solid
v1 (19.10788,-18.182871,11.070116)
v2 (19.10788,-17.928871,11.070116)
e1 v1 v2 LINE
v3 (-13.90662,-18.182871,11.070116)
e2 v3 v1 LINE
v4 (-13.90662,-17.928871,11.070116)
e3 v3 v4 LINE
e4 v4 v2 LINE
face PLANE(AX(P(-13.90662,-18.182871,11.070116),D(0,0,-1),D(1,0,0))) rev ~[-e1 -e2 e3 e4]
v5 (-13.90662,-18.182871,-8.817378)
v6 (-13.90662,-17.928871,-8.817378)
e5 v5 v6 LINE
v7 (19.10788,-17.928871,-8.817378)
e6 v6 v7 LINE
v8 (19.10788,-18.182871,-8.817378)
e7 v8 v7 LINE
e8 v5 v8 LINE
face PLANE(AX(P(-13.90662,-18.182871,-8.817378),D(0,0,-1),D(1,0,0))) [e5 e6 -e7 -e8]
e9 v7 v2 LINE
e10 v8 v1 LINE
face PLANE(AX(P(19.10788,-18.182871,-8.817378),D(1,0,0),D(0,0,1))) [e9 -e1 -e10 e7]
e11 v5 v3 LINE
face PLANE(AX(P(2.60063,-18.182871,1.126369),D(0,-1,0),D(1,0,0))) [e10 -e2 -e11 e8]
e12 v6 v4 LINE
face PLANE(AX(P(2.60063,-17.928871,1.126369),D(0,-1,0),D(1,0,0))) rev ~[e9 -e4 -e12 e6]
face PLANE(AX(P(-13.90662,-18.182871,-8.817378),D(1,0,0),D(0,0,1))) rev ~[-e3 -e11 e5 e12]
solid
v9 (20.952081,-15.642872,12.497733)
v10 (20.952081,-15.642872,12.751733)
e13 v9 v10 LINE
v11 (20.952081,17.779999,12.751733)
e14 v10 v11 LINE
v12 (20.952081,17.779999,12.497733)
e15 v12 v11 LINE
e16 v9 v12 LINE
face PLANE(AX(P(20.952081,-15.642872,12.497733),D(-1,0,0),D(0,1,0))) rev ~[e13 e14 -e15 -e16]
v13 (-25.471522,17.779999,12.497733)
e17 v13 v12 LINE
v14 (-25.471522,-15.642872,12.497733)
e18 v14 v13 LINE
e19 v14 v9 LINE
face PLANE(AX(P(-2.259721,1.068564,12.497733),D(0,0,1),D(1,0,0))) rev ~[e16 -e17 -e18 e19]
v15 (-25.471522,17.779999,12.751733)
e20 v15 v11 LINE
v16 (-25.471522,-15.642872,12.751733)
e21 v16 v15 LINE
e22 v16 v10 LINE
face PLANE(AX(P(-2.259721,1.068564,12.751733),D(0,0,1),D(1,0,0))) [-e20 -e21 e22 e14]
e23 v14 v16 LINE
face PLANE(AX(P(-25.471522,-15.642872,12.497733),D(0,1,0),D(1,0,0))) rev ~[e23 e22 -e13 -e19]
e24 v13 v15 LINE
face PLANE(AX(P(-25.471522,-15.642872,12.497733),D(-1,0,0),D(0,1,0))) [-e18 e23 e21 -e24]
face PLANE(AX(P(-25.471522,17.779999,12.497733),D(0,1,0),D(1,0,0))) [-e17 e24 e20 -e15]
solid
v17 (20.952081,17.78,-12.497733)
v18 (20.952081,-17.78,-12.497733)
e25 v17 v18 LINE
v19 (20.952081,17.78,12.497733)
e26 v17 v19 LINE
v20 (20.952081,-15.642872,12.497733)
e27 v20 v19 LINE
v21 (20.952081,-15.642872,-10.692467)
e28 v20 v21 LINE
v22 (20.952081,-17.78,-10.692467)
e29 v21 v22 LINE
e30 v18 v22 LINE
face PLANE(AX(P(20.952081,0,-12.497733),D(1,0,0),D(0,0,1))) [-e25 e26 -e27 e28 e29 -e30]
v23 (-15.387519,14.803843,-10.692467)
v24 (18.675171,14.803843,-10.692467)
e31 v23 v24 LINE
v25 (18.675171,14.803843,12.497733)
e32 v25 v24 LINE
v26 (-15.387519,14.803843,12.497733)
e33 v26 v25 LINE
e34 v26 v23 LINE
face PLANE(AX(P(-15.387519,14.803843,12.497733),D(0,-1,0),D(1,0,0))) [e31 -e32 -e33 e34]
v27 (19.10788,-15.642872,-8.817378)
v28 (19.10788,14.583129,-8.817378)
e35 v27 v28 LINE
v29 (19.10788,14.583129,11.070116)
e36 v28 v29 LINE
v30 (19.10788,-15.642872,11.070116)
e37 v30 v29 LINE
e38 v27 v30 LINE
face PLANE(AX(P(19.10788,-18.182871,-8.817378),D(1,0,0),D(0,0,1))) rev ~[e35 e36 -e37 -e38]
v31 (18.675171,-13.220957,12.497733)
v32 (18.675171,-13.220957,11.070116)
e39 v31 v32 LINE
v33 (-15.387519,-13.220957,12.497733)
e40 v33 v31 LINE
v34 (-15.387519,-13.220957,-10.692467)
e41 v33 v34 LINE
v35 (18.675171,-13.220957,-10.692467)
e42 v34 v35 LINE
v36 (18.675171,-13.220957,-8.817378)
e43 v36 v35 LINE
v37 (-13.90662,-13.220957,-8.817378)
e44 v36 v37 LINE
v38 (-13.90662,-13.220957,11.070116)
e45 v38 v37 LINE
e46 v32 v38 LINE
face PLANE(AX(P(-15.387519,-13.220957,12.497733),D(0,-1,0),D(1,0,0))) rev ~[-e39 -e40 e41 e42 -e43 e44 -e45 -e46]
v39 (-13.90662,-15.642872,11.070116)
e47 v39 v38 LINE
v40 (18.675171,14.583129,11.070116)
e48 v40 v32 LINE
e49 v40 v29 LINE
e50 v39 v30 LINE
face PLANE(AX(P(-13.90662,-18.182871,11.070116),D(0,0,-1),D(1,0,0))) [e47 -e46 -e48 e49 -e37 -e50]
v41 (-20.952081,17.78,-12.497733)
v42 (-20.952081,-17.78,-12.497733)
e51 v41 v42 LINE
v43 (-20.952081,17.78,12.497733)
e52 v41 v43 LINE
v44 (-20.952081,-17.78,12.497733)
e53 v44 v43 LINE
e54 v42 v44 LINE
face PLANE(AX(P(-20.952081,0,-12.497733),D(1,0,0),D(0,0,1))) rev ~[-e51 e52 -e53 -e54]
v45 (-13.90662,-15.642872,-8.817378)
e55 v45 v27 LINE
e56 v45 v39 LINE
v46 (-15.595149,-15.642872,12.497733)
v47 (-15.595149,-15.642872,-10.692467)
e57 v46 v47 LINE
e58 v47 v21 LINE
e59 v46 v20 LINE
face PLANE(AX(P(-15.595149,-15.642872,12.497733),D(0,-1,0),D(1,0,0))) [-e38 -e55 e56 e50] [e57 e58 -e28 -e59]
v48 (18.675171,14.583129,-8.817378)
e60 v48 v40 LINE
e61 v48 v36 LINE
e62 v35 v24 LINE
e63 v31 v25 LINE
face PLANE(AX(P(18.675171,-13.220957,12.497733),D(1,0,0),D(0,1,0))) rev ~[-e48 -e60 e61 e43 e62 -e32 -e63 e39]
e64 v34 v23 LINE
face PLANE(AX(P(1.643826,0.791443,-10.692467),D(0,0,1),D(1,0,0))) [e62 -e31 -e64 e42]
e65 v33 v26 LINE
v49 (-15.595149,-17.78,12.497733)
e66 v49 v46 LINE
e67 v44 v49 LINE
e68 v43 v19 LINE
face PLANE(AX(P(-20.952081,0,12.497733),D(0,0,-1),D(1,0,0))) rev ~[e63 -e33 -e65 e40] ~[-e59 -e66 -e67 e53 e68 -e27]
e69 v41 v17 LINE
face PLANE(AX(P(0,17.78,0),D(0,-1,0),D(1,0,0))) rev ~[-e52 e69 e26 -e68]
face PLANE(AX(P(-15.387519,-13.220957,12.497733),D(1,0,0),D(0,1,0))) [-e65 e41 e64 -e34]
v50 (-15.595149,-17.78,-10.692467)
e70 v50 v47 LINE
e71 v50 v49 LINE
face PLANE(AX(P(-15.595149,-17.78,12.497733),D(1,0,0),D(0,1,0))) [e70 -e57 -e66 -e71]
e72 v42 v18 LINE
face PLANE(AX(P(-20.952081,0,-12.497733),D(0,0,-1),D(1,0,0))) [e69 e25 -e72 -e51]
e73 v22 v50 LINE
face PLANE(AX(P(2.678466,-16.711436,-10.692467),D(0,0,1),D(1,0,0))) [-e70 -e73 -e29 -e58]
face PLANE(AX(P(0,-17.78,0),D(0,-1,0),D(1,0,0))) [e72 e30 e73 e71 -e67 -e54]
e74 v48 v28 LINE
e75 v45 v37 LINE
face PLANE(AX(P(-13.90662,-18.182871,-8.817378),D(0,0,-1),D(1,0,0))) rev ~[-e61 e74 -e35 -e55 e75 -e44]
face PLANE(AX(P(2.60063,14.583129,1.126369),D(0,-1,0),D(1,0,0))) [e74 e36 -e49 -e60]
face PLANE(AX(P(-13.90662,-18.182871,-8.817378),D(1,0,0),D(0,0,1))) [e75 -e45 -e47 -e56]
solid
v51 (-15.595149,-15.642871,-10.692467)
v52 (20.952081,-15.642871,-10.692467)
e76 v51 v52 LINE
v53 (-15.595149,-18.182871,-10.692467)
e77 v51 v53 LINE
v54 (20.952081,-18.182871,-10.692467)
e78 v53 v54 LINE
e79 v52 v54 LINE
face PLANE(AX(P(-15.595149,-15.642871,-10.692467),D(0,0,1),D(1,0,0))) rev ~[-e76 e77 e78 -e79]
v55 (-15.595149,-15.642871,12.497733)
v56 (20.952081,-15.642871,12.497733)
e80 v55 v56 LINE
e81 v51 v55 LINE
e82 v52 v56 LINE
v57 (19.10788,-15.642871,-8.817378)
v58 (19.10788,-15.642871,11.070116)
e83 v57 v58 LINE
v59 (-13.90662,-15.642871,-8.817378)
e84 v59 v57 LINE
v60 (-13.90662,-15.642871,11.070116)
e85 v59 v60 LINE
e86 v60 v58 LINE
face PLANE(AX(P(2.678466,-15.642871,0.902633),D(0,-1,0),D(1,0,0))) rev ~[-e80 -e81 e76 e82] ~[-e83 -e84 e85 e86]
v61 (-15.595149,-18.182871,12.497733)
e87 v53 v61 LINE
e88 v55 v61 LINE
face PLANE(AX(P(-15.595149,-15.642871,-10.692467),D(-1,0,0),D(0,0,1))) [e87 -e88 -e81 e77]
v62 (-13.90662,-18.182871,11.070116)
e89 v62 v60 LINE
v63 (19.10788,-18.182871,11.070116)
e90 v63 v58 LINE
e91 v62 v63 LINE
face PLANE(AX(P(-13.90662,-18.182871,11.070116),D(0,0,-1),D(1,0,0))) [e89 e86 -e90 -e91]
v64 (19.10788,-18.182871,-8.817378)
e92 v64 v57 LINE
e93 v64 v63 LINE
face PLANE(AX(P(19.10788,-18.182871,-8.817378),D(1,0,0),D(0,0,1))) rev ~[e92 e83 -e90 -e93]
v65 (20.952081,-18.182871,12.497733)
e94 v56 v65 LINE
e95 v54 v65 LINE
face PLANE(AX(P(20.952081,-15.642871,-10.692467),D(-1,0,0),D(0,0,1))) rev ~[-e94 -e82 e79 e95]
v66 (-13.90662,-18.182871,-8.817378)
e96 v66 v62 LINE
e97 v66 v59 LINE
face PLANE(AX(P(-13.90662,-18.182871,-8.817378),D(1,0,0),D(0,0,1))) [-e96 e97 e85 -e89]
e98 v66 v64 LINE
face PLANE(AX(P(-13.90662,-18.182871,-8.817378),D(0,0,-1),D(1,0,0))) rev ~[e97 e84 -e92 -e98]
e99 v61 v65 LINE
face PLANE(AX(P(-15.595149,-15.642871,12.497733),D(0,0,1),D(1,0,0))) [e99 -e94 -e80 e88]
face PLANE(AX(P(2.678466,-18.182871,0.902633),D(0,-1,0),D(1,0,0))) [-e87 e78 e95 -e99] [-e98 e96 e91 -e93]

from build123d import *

# Parameters (mm, degrees)
F0_W          = 41.904162
F0_H          = 24.995466
F1_DEPTH      = 17.78
F1_DEPTH_BACK = 17.78
F2_W          = 36.547231
F2_H          = 2.137129
F3_DEPTH      = 23.1902
F4_W          = 36.547231
F4_H          = 23.1902
F5_DEPTH      = 2.54
F6_W          = 33.0145
F6_H          = 19.887494
F7_DEPTH      = 32.766
F8_W          = 33.0145
F8_H          = 19.887494
F9_DEPTH      = 0.254
F10_W         = 34.06269
F10_H         = 28.0248
F11_DEPTH     = 23.1902
F12_W         = 46.423603
F12_H         = 33.422871
F13_DEPTH     = 0.254


with BuildPart() as f1:
    # F0 (on Front) → F1 (new body, two sides)
    with BuildSketch(Plane.XZ) as f1_sk:
        Rectangle(F0_W, F0_H)
    extrude(amount=F1_DEPTH)
    extrude(f1_sk.sketch, amount=-F1_DEPTH_BACK)

    # F2 (on face) → F3 (cut)
    with BuildSketch(Plane.XY.offset(12.497733)):
        with Locations((2.678466, -16.711436)):
            Rectangle(F2_W, F2_H)
    extrude(amount=-F3_DEPTH, mode=Mode.SUBTRACT)


with BuildPart() as f5:
    # F4 (on face) → F5 (new body)
    with BuildSketch(Plane.XZ.offset(15.642871)):
        with Locations((2.678466, 0.902633)):
            Rectangle(F4_W, F4_H)
    extrude(amount=F5_DEPTH)


with BuildPart() as f7_tool:
    # F6 (on face) → F7 (new body)
    with BuildSketch(Plane.XZ.offset(18.182871)):
        with Locations((2.60063, 1.126369)):
            Rectangle(F6_W, F6_H)
    extrude(amount=-F7_DEPTH)


with BuildPart() as f1_1:
    add(f1.part)

    # F7: cut by f7_tool
    add(f7_tool.part, mode=Mode.SUBTRACT)

    # F10 (on face) → F11 (cut)
    with BuildSketch(Plane.XY.offset(12.497733)):
        with Locations((1.643826, 0.791443)):
            Rectangle(F10_W, F10_H)
    extrude(amount=-F11_DEPTH, mode=Mode.SUBTRACT)


with BuildPart() as f5_1:
    add(f5.part)

    # F7: cut by f7_tool
    add(f7_tool.part, mode=Mode.SUBTRACT)


with BuildPart() as f9:
    # F8 (on face) → F9 (new body)
    with BuildSketch(Plane.XZ.offset(18.182871)):
        with Locations((2.60063, 1.126369)):
            Rectangle(F8_W, F8_H)
    extrude(amount=-F9_DEPTH)


with BuildPart() as f13:
    # F12 (on face) → F13 (new body)
    with BuildSketch(Plane.XY.offset(12.497733)):
        with Locations((-2.259721, 1.068564)):
            Rectangle(F12_W, F12_H)
    extrude(amount=F13_DEPTH)


solid = Compound([f1_1.part, f5_1.part, f9.part, f13.part])
